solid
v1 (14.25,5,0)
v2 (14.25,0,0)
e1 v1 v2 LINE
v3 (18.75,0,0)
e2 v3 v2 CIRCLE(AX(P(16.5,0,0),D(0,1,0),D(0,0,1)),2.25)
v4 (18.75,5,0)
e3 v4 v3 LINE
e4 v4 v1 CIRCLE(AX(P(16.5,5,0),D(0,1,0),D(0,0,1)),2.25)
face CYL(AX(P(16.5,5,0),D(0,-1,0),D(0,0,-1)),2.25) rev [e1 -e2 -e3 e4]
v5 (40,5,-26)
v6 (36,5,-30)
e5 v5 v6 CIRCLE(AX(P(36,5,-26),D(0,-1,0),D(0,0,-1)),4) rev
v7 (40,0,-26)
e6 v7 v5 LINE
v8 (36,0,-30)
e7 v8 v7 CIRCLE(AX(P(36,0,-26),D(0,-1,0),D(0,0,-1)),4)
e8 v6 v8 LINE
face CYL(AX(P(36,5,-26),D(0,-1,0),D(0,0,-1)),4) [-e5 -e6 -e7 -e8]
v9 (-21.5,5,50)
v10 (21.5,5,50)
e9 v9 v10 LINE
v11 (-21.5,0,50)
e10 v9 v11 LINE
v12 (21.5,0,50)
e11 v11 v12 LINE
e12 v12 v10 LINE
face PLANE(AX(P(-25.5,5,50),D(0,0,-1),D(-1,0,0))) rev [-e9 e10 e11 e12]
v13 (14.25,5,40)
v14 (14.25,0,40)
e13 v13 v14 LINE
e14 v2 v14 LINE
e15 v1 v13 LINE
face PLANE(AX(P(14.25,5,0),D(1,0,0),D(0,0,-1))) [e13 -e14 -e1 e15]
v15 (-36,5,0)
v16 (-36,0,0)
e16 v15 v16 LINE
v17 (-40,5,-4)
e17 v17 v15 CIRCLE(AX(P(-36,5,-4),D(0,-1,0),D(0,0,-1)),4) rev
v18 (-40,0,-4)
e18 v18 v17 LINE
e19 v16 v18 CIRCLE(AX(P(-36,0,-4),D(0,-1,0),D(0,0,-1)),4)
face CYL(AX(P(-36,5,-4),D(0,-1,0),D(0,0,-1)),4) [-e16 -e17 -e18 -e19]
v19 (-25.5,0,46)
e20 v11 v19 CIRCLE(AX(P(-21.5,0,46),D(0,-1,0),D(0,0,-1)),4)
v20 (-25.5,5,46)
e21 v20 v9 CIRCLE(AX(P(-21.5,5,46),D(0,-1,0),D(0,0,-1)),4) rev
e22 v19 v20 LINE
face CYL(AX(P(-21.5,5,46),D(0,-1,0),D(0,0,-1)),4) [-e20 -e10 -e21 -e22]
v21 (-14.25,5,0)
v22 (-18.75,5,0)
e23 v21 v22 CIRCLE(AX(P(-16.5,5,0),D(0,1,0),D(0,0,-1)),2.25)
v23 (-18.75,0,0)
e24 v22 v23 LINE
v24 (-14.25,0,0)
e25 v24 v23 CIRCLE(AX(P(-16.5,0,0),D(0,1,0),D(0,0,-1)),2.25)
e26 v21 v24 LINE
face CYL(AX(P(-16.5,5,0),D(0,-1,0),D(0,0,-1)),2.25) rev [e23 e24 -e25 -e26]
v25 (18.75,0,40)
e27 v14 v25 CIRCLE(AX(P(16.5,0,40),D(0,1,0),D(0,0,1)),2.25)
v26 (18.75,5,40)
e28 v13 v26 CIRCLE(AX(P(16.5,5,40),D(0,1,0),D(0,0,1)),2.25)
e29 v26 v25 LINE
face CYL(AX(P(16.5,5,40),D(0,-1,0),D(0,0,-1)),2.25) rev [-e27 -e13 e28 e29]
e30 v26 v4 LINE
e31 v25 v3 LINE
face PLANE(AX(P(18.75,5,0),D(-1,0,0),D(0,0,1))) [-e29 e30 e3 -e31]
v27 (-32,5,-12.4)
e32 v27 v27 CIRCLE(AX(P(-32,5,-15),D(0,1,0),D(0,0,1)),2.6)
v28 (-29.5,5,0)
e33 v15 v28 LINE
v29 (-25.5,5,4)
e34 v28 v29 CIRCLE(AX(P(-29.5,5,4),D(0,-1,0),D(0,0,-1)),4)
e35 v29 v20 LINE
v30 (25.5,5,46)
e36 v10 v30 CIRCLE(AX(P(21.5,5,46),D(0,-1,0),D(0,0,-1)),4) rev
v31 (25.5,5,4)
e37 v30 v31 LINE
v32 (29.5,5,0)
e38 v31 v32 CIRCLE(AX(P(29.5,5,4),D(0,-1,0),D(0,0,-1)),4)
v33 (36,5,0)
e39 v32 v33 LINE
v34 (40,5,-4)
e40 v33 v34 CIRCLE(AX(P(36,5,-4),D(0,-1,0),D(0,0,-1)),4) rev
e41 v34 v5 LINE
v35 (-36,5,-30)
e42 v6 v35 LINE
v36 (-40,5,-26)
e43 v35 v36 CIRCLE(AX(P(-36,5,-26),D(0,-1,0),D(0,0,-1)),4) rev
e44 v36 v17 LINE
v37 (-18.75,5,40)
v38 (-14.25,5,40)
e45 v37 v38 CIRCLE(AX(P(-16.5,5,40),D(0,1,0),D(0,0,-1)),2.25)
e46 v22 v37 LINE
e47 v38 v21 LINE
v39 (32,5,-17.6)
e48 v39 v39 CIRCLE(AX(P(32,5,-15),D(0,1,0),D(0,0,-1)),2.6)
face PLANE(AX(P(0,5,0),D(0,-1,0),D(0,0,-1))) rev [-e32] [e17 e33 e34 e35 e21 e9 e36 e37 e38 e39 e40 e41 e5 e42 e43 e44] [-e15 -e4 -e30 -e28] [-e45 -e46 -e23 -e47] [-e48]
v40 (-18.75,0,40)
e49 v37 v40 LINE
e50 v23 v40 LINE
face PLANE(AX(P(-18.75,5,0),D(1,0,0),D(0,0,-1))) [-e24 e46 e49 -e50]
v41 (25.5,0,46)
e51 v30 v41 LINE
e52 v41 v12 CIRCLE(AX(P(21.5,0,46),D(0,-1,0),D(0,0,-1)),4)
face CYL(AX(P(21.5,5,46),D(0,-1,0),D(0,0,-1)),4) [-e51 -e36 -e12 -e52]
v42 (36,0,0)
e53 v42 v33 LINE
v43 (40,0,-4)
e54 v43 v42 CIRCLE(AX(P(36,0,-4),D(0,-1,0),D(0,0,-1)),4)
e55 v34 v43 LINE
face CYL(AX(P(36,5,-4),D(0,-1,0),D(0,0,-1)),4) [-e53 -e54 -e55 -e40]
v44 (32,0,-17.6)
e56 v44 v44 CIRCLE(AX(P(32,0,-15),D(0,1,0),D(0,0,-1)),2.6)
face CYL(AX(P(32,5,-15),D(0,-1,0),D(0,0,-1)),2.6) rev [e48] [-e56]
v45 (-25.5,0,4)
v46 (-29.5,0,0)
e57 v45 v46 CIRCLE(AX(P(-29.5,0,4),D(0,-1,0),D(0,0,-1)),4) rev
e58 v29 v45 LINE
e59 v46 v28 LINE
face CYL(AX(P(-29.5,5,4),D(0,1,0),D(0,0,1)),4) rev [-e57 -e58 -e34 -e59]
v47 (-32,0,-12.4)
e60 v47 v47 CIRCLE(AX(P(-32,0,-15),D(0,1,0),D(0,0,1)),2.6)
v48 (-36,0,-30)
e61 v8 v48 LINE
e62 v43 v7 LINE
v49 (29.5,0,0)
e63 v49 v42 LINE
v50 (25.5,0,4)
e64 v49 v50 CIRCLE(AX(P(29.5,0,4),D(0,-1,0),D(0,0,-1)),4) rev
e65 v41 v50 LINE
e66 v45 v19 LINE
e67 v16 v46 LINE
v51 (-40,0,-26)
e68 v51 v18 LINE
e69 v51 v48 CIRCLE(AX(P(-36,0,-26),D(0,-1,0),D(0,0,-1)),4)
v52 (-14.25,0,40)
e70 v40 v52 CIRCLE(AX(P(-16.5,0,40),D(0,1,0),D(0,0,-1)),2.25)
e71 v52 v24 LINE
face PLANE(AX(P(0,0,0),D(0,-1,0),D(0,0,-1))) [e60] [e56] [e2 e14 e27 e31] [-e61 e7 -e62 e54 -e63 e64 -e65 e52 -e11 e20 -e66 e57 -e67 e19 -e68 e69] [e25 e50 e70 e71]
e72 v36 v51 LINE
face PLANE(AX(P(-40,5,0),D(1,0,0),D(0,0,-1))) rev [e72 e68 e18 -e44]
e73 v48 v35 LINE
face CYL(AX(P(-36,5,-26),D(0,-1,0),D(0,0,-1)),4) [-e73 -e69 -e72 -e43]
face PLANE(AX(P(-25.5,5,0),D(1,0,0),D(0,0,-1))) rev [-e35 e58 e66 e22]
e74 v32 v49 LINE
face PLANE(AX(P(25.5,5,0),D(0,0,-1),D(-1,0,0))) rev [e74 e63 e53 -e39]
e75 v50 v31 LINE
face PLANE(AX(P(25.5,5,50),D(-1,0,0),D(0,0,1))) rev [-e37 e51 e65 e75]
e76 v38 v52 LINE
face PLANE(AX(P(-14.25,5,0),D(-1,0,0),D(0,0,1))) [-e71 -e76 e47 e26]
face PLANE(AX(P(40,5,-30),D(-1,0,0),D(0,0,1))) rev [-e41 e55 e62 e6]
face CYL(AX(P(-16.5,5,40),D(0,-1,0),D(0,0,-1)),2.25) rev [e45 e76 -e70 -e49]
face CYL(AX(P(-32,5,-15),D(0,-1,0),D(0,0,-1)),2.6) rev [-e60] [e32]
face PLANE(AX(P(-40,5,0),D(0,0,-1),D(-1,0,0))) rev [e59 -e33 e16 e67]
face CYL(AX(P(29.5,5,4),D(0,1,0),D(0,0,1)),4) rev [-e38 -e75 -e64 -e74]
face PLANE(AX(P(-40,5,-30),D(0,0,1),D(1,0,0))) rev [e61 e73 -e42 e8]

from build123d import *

# Parameters (mm, degrees)
SKETCH_1_R      = 2.6
EXTRUDE_1_DEPTH = 5
FILLET_1_R      = 4


with BuildPart() as part:
    # 草图1 → 凸台-拉伸1 (new body)
    with BuildSketch(Plane(origin=(0, 0, 0), x_dir=(1, 0, 0), z_dir=(0, 1, 0))):
        Polygon((-40, 0), (-25.5, 0), (-25.5, -50), (25.5, -50), (25.5, 0), (40, 0), (40, 30), (-40, 30), align=None)
        with Locations(Location((-32, 15, 0), (0, 0, 270))):
            Circle(SKETCH_1_R, mode=Mode.SUBTRACT)
        with Locations(Location((32, 15, 0), (0, 0, 90))):
            Circle(SKETCH_1_R, mode=Mode.SUBTRACT)
        with BuildLine():
            Line((18.75, 0), (18.75, -40))
            ThreePointArc((18.75, -40), (16.5, -42.25), (14.25, -40))
            Line((14.25, -40), (14.25, 0))
            ThreePointArc((14.25, 0), (16.5, 2.25), (18.75, 0))
        make_face(mode=Mode.SUBTRACT)
        with BuildLine():
            Line((-18.75, 0), (-18.75, -40))
            ThreePointArc((-18.75, -40), (-16.5, -42.25), (-14.25, -40))
            Line((-14.25, -40), (-14.25, 0))
            ThreePointArc((-14.25, 0), (-16.5, 2.25), (-18.75, 0))
        make_face(mode=Mode.SUBTRACT)
    extrude(amount=EXTRUDE_1_DEPTH)

    # 圆角1
    fillet_1_edges = [part.edges().sort_by_distance(p)[0] for p in [
        (-40, 2.5, -30),
        (40, 2.5, -30),
        (40, 2.5, 0),
        (25.5, 2.5, 0),
        (25.5, 2.5, 50),
        (-25.5, 2.5, 50),
        (-25.5, 2.5, 0),
        (-40, 2.5, 0),
    ]]
    fillet(fillet_1_edges, radius=FILLET_1_R)


solid = part.part
